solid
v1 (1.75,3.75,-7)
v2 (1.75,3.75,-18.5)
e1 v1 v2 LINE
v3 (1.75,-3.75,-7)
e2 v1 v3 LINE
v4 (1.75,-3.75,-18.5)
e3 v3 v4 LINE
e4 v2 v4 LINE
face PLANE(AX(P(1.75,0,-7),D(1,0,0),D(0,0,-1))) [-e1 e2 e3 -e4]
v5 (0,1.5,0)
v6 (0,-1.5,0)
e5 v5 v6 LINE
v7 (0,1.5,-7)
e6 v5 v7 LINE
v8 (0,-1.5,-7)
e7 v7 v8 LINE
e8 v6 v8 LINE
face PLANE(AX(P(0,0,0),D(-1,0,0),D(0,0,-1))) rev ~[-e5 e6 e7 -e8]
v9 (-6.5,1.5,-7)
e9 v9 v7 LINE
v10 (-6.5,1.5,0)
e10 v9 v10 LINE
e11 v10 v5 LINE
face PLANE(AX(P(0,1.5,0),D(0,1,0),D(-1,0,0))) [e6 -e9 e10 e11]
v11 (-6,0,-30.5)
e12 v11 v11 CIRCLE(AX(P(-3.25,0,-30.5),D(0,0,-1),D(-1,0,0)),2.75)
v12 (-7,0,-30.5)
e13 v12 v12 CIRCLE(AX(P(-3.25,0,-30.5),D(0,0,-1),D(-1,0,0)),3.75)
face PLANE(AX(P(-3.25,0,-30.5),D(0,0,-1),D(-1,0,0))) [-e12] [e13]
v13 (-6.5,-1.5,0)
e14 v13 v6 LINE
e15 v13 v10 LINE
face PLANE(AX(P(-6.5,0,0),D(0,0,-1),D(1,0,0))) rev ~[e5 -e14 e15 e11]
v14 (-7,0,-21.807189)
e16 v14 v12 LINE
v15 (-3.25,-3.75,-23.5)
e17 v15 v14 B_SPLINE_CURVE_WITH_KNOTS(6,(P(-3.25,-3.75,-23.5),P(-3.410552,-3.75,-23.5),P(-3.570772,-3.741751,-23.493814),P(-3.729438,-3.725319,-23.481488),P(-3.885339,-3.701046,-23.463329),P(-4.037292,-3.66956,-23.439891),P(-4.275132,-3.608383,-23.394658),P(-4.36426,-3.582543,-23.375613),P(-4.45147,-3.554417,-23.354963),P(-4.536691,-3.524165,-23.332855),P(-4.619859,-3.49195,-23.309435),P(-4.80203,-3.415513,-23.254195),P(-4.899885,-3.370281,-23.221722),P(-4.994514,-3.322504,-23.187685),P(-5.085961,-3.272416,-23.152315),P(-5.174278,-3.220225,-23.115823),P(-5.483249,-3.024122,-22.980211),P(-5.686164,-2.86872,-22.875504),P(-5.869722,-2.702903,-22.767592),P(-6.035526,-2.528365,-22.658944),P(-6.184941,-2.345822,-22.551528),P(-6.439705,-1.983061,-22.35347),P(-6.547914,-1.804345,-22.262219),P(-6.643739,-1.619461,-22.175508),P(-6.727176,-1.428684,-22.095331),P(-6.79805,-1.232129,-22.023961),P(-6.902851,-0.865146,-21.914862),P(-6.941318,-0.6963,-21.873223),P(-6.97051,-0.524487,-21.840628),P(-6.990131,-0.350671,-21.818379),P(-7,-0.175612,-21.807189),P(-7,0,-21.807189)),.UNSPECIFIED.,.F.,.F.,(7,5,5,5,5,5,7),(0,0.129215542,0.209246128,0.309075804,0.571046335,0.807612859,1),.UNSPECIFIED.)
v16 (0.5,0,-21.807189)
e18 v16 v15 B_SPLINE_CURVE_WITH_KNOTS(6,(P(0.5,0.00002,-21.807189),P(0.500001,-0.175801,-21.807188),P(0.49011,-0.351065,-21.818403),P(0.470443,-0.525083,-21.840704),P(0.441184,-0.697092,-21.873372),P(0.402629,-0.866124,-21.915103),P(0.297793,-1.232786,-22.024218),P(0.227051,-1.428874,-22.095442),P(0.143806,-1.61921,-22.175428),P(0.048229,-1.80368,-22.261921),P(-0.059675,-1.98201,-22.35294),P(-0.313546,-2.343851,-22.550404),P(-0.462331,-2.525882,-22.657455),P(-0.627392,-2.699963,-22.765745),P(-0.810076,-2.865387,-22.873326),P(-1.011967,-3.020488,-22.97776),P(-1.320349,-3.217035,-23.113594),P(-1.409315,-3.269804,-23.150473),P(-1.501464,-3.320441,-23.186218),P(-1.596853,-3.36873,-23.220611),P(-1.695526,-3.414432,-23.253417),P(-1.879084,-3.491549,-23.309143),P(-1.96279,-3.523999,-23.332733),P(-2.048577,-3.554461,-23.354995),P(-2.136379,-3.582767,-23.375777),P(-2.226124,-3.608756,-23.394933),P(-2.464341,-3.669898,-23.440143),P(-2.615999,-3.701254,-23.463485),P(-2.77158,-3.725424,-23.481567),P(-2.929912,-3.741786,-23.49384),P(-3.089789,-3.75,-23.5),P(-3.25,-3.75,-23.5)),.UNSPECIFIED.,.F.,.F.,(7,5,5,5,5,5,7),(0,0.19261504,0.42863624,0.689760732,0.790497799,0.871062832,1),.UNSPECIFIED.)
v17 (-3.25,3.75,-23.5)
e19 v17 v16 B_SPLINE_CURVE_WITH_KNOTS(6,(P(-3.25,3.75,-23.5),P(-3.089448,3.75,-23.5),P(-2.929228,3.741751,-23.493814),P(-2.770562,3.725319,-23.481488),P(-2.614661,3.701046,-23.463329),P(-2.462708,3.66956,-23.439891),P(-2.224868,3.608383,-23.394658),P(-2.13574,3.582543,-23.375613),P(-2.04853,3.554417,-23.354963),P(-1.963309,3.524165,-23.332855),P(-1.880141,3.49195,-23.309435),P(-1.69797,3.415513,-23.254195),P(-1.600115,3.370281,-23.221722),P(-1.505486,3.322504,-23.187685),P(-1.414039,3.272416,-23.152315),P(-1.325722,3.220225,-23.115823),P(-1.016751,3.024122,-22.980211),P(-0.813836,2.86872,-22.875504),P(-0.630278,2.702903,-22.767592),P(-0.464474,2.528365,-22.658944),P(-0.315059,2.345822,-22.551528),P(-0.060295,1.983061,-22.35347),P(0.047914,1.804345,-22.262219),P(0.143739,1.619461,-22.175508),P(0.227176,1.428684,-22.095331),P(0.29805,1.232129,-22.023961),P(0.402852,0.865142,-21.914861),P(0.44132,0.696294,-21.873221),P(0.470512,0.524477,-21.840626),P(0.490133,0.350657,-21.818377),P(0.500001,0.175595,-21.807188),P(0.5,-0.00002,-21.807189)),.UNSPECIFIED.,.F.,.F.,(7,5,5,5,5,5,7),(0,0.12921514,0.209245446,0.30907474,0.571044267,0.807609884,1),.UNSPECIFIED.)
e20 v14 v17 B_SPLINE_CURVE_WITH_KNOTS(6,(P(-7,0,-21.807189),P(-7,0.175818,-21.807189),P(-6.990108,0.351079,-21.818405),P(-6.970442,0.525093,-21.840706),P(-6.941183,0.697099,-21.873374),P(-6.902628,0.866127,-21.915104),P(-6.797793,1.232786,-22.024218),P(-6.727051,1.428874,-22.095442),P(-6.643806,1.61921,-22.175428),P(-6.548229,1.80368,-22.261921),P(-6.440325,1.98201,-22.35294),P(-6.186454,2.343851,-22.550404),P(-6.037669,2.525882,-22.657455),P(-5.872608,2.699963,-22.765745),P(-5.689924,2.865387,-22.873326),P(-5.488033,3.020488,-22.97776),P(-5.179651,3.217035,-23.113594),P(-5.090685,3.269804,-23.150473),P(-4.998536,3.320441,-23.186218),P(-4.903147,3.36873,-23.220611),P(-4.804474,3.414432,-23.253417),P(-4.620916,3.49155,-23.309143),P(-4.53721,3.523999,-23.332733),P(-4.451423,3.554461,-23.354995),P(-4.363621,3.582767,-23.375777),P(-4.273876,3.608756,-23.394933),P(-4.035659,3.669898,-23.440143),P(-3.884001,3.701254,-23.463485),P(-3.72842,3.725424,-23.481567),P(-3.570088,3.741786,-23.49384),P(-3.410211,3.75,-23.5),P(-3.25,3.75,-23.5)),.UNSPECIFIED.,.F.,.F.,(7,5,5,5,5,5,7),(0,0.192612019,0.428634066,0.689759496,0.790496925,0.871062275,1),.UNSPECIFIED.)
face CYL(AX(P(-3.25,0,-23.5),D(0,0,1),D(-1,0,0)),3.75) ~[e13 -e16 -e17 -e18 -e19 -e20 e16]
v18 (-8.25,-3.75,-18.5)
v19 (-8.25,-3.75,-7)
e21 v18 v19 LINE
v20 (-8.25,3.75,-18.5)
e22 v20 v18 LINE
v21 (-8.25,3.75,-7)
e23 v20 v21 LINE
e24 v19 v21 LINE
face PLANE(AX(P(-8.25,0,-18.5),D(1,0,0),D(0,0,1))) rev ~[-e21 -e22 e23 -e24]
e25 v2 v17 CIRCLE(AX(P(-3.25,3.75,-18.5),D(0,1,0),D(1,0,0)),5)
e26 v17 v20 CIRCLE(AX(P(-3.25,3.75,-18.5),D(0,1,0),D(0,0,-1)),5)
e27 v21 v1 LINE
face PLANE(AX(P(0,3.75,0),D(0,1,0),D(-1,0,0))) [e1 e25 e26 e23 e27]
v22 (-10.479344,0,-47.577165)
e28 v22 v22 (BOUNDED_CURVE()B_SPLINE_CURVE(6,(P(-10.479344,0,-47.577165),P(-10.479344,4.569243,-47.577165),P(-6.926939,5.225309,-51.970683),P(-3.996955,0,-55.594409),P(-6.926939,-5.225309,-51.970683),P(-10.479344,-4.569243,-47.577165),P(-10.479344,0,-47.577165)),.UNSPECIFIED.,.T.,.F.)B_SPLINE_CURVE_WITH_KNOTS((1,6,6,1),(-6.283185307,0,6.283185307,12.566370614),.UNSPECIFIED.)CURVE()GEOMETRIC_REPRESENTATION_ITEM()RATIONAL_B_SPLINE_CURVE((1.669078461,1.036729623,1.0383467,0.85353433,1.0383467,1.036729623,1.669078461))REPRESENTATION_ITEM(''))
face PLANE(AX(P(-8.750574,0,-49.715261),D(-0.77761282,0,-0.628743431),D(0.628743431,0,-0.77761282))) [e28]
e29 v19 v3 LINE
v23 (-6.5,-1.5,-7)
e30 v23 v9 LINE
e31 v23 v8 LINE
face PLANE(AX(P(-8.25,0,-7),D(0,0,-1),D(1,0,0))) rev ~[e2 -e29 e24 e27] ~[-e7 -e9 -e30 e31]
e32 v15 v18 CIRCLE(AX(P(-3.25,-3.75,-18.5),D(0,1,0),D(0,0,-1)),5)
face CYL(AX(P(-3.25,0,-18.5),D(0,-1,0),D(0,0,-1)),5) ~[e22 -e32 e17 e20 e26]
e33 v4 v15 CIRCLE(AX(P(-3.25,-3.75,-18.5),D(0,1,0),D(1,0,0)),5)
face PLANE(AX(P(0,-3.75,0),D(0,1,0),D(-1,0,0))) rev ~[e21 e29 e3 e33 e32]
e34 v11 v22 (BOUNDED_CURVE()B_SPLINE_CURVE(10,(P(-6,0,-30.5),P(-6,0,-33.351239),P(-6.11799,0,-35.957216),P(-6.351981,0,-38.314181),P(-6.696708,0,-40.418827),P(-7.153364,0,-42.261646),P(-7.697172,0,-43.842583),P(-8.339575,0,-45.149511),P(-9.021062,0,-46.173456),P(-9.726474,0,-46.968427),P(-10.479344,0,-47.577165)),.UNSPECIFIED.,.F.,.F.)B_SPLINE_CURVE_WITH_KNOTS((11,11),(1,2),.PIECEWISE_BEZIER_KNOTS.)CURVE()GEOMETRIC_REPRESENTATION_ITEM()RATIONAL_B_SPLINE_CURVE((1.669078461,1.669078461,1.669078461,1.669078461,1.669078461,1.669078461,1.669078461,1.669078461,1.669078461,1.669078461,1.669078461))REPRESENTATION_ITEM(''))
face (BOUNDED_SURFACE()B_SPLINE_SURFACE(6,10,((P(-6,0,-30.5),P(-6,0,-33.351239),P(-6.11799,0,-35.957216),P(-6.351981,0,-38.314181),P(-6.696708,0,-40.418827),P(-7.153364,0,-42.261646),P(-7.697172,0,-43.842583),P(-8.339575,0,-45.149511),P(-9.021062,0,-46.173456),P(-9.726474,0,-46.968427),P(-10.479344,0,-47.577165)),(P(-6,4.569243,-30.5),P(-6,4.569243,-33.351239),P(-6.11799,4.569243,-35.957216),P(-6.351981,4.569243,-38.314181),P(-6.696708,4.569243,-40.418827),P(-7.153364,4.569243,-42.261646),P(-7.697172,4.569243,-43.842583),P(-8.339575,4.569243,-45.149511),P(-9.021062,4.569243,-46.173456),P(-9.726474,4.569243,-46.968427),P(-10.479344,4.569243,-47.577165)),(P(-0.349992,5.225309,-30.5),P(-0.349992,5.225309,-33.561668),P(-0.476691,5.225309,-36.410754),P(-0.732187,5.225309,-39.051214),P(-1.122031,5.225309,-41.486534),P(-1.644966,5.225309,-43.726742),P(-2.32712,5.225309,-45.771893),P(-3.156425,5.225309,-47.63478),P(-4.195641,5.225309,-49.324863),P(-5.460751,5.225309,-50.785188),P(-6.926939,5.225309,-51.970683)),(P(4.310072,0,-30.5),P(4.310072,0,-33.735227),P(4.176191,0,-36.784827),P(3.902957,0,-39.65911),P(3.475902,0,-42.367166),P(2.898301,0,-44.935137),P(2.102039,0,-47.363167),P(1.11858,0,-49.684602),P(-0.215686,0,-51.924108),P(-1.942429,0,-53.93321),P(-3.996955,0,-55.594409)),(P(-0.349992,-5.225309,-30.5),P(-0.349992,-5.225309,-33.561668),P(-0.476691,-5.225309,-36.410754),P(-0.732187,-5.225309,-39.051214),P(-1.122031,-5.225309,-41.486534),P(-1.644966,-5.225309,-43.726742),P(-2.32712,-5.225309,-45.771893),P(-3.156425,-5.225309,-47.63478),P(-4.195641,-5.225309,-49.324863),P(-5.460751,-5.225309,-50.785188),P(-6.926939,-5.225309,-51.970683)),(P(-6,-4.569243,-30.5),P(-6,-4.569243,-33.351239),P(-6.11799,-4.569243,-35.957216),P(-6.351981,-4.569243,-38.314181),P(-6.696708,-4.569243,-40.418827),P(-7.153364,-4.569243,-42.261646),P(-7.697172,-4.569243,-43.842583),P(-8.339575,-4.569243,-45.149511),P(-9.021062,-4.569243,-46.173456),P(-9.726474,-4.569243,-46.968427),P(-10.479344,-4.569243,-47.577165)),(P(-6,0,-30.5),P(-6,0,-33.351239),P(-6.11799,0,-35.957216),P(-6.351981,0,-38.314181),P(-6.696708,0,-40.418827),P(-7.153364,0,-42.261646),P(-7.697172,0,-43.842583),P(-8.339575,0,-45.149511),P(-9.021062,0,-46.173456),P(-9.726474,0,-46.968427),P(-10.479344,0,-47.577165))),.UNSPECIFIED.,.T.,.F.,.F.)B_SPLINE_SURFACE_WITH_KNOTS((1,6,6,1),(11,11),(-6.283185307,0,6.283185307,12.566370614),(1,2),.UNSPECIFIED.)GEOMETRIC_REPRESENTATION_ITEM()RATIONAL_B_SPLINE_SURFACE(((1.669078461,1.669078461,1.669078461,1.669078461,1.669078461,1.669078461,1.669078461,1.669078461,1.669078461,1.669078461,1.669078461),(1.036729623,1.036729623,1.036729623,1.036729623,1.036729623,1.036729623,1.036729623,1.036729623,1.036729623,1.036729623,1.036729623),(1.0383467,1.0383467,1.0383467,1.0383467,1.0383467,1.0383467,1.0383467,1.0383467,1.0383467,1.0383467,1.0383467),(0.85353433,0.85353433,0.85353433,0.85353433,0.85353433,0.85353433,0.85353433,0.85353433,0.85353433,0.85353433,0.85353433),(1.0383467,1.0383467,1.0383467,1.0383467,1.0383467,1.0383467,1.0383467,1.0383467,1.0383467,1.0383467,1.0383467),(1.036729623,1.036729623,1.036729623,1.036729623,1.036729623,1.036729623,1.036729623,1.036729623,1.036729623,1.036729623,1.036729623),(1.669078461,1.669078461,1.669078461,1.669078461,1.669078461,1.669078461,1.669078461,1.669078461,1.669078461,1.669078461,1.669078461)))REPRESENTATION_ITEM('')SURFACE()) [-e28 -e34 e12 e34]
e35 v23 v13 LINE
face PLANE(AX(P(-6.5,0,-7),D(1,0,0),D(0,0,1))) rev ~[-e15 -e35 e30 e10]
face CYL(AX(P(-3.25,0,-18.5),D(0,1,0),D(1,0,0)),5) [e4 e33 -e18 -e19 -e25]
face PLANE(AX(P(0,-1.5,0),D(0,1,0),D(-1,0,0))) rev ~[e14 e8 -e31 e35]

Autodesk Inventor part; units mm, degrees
ref_plane "YZ Plane" through (0, 0, 0) normal (1, 0, 0) x (0, 1, 0)
ref_plane "XZ Plane" through (0, 0, 0) normal (0, 1, 0) x (-1, 0, 0)
sketch "Sketch1" plane through (0, 0, 0) normal (0, 1, 0) x (-1, 0, 0)
  line L0 (8.25, -7) -> (-1.75, -7)
  line L1 (-1.75, -7) -> (-1.75, -18.5)
  line L2 (3.25, -23.5) -> (3.25, -23.5)
  line L3 (8.25, -18.5) -> (8.25, -7)
  line L4 (6.5, 0) -> (0, 0)
  line L5 (0, 0) -> (0, -7)
  line L6 (0, -7) -> (6.5, -7)
  line L7 (6.5, -7) -> (6.5, 0)
  line L8 (3.25, -4.5122) -> (3.25, -12.4364) construction
  arc A0 (3.25, -23.5) -> (8.25, -18.5) centre (3.25, -18.5) ccw
  arc A1 (-1.75, -18.5) -> (3.25, -23.5) centre (3.25, -18.5) ccw
  line L9 (3.25, -23.5) -> (3.25, -30.5)
  line L10 (3.25, -30.5) -> (3.25, -45.2683) construction
  line L11 (3.25, -45.2683) -> (8.7503, -49.7156) construction
  spline S0 degree 2 poles (3.25, -30.5) (3.25, -45.2683) (8.7503, -49.7156) knots 1 1 1 2 2 2
  point P0 (8.25, -23.5)
  dimension "d0" = 10
  dimension "d1" = 6.5
  dimension "d3" = 16.5
  dimension "d4" = 5
  dimension "d5" = 7
  dimension "d15" = 7
extrude "Extrusion1" add sketch "Sketch1" along normal mid plane 7.5 contours L3 A0 A1 L1 L0
extrude "Extrusion2" add sketch "Sketch1" along normal mid plane 3 contours L0 L5 L4 L7
ref_plane "Work Plane1" through (-3.25, 0, -23.5) normal (0, 0, -1) x (-1, 0, 0)
sketch "Sketch2" plane through (-3.25, 0, -23.5) normal (0, 0, -1) x (-1, 0, 0)
  circle A0 centre (0, 0) radius 3.75
  point P0 (-3.25, 0)
  dimension "d12" = 7.5
extrude "Extrusion3" add sketch "Sketch2" along normal blind 7 and the other way blind 2
sketch "Sketch3" plane through (-3.25, 0, -30.5) normal (0, 0, -1) x (-1, 0, 0)
  circle A0 centre (0, 0) radius 2.75
  point P0 (-3.25, 0)
  dimension "d18" = 5.5
sweep "Sweep1" add profiles "Sketch3" path "Sketch1" path curves L9 S0
properties part number "USB_cable"
